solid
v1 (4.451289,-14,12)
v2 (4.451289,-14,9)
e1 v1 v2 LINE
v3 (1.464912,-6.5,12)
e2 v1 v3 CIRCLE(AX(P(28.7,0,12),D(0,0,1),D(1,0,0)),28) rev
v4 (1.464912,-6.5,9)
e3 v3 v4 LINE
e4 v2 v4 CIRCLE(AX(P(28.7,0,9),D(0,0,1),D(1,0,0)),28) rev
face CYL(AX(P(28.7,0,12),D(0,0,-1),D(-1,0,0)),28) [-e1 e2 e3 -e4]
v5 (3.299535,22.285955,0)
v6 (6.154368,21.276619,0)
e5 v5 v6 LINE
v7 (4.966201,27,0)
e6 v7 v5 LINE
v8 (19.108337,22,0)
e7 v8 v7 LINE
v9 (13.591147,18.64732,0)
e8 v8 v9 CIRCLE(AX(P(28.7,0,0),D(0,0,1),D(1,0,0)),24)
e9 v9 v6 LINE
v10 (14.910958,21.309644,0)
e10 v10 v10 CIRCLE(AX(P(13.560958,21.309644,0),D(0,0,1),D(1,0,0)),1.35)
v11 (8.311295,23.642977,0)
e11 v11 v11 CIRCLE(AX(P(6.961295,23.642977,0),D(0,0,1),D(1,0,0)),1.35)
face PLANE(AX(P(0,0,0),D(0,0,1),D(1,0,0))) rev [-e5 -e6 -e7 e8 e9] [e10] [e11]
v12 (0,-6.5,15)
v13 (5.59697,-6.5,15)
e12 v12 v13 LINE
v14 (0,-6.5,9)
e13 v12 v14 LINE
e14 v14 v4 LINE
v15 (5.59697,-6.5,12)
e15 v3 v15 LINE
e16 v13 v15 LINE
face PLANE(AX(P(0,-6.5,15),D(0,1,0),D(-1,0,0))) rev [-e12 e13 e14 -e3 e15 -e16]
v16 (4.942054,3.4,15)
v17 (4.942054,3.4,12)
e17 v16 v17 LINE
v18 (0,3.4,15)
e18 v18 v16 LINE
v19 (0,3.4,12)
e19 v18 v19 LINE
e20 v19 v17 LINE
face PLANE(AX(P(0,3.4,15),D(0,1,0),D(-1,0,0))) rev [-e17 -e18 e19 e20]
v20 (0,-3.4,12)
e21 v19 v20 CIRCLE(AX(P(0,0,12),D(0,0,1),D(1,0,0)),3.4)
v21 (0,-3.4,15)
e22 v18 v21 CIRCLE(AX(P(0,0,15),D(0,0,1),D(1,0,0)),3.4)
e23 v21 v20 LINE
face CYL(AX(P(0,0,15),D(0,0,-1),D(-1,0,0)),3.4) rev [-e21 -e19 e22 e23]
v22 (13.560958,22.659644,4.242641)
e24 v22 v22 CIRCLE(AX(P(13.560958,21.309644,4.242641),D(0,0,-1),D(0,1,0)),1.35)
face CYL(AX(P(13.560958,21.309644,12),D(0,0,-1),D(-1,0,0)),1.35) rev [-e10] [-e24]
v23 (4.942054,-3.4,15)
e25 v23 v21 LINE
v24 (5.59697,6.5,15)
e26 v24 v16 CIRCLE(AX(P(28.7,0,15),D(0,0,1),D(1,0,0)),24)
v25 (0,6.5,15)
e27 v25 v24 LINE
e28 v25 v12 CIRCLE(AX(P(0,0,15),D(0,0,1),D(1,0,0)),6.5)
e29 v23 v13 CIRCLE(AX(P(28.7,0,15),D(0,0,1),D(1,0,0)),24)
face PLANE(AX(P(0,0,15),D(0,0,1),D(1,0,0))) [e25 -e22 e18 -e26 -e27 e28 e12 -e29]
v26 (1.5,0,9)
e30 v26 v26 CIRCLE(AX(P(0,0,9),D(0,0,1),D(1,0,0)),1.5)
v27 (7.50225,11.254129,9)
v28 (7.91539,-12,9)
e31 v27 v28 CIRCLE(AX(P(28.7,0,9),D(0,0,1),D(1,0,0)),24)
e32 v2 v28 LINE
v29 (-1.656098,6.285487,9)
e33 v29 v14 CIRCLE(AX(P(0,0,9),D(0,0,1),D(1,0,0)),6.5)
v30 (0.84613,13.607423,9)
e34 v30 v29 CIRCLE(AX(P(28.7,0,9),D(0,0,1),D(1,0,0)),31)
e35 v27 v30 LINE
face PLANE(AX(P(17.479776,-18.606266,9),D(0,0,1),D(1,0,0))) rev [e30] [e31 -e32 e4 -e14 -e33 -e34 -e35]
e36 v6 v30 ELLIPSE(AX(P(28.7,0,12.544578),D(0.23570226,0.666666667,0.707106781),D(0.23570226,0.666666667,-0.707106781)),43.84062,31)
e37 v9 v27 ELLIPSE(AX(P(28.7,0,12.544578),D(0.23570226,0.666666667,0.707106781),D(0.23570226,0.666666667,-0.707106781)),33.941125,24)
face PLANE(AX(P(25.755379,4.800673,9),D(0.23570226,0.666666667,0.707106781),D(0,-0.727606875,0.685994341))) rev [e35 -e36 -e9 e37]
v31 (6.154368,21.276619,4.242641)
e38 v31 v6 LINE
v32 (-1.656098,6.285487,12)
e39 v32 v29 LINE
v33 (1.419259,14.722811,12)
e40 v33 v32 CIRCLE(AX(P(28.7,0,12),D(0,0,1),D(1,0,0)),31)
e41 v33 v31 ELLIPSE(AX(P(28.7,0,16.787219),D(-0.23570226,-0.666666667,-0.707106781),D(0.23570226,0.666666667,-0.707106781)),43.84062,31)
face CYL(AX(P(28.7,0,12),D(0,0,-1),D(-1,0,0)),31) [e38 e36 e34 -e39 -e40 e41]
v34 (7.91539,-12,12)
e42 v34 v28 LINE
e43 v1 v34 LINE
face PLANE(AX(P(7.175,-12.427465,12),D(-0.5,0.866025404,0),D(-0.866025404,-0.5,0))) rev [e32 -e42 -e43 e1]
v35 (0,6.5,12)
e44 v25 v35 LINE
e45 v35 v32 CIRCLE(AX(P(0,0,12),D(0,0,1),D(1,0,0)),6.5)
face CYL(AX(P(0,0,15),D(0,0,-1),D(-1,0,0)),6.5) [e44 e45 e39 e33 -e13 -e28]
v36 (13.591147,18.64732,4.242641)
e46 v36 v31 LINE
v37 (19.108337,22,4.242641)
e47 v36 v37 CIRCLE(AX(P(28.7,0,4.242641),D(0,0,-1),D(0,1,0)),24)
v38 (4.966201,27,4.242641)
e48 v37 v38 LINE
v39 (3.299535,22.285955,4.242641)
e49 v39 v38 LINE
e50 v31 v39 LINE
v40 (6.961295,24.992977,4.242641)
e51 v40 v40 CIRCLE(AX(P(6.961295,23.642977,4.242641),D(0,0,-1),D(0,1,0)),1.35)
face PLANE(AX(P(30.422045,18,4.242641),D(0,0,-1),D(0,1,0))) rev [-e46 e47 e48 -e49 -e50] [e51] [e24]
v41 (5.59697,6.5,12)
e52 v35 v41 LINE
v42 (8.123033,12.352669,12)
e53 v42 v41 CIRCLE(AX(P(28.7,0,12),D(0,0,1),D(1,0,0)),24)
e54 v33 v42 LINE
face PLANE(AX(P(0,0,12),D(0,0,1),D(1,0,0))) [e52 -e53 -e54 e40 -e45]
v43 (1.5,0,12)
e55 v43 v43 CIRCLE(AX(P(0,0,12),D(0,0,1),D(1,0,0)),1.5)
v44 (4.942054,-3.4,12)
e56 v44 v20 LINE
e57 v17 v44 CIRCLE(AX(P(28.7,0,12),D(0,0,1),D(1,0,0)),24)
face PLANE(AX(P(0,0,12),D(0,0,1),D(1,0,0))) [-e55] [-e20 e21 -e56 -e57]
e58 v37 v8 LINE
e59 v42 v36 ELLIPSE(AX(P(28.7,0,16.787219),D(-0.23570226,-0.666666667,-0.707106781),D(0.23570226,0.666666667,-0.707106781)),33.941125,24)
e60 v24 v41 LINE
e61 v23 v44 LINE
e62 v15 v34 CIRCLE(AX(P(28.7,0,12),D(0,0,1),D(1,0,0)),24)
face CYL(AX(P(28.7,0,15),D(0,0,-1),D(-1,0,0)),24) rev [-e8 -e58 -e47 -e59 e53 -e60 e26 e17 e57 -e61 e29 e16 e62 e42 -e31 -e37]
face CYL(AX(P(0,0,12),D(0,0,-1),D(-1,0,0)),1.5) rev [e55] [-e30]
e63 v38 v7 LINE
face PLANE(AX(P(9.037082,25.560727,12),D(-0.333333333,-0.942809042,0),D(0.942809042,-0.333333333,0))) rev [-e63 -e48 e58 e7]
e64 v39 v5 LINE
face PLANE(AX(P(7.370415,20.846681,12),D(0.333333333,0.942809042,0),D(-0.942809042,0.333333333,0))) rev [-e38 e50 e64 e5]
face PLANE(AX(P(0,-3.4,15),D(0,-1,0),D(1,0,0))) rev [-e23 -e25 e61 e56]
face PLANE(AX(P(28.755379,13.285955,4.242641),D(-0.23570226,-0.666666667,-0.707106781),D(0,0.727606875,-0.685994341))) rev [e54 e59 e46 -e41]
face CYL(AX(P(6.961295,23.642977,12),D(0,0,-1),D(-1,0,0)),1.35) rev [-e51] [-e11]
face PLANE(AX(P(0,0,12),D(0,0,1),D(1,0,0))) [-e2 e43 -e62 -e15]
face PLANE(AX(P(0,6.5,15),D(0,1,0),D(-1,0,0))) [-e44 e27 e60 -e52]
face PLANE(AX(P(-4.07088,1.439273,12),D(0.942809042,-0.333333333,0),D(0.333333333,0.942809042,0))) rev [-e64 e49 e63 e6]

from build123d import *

# Parameters (mm, degrees)
RESSALTO_EXTRUS_O1_DEPTH   = 15
ESBO_O1_3_R                = 1.5
RESSALTO_EXTRUS_O2_DEPTH   = 12
ESBO_O1_4_R                = 1.35
RESSALTO_EXTRUS_O3_DEPTH   = 12
CORTE_EXTRUS_O1_DEPTH      = 38.624816903
CORTE_EXTRUS_O1_DEPTH_BACK = 38.624816903


with BuildPart() as part:
    # Esboço1 → Ressalto-extrusão1 (new body)
    with BuildSketch(Plane.XY):
        with BuildLine():
            ThreePointArc((0, -3.4), (-3.4, 0), (0, 3.4))
            Line((0, 3.4), (4.942053961, 3.4))
            ThreePointArc((4.942053961, 3.4), (5.218299225, 4.96081936), (5.596969896, 6.5))
            Line((5.596969896, 6.5), (0, 6.5))
            ThreePointArc((0, 6.5), (-0.834966341, 6.446148556), (-1.656097561, 6.285486526))
            ThreePointArc((-1.656097561, 6.285486526), (-6.446148556, -0.834966341), (0, -6.5))
            Line((0, -6.5), (1.464912337, -6.5))
            Line((1.464912337, -6.5), (5.596969896, -6.5))
            ThreePointArc((5.596969896, -6.5), (5.218299225, -4.96081936), (4.942053961, -3.4))
            Line((4.942053961, -3.4), (0, -3.4))
        make_face()
    extrude(amount=RESSALTO_EXTRUS_O1_DEPTH)

    # Esboço1<3> → Ressalto-extrusão2 (add)
    with BuildSketch(Plane.XY):
        with BuildLine():
            Line((4.942053961, 3.4), (0, 3.4))
            ThreePointArc((0, 3.4), (-3.4, 0), (0, -3.4))
            Line((0, -3.4), (4.942053961, -3.4))
            ThreePointArc((4.942053961, -3.4), (4.7, 0), (4.942053961, 3.4))
        make_face()
        Circle(ESBO_O1_3_R, mode=Mode.SUBTRACT)
    extrude(amount=RESSALTO_EXTRUS_O2_DEPTH)

    # Esboço1<4> → Ressalto-extrusão3 (add)
    # profile 1 of 2: a face of its own
    with BuildSketch(Plane.XY):
        with BuildLine():
            Line((0, 6.5), (5.596969896, 6.5))
            ThreePointArc((5.596969896, 6.5), (10.608614203, 15.770280909), (19.108336953, 22))
            Line((19.108336953, 22), (4.96620133, 27))
            Line((4.96620133, 27), (3.299534663, 22.285954792))
            Line((3.299534663, 22.285954792), (6.154368486, 21.276618614))
            ThreePointArc((6.154368486, 21.276618614), (1.207605686, 14.323695574), (-1.656097561, 6.285486526))
            ThreePointArc((-1.656097561, 6.285486526), (-0.834966341, 6.446148556), (0, 6.5))
        make_face()
        with Locations((6.961295121, 23.642977396)):
            Circle(ESBO_O1_4_R, mode=Mode.SUBTRACT)
        with Locations((13.560958412, 21.309644063)):
            Circle(ESBO_O1_4_R, mode=Mode.SUBTRACT)
    # profile 2 of 2: a face of its own
    with BuildSketch(Plane.XY):
        with BuildLine():
            ThreePointArc((7.915390309, -12), (6.584536367, -9.322353153), (5.596969896, -6.5))
            Line((5.596969896, -6.5), (1.464912337, -6.5))
            ThreePointArc((1.464912337, -6.5), (2.686390311, -10.358190524), (4.451288694, -14))
            Line((4.451288694, -14), (7.915390309, -12))
        make_face()
    extrude(amount=RESSALTO_EXTRUS_O3_DEPTH)

    # Esboço2 → Corte-extrusão1 (cut, two sides: drawn at the far end of the back side and taken through both)
    with BuildSketch(Plane(origin=(-4.070880192, 1.439273495, 0), x_dir=(0, 0, 1), z_dir=(-0.9428090415820632, 0.33333333333333404, 0)).offset(-CORTE_EXTRUS_O1_DEPTH_BACK)):
        Polygon((0, -11.715563684), (9, -11.715563684), (9, 13.111244566), (0, 22.111244566), align=None)
        Polygon((4.242640687, 27.111244566), (4.242640687, 22.111244566), (12, 14.353885253), (12, 27.111244566), align=None)
    extrude(amount=CORTE_EXTRUS_O1_DEPTH + CORTE_EXTRUS_O1_DEPTH_BACK, mode=Mode.SUBTRACT)


solid = part.part
